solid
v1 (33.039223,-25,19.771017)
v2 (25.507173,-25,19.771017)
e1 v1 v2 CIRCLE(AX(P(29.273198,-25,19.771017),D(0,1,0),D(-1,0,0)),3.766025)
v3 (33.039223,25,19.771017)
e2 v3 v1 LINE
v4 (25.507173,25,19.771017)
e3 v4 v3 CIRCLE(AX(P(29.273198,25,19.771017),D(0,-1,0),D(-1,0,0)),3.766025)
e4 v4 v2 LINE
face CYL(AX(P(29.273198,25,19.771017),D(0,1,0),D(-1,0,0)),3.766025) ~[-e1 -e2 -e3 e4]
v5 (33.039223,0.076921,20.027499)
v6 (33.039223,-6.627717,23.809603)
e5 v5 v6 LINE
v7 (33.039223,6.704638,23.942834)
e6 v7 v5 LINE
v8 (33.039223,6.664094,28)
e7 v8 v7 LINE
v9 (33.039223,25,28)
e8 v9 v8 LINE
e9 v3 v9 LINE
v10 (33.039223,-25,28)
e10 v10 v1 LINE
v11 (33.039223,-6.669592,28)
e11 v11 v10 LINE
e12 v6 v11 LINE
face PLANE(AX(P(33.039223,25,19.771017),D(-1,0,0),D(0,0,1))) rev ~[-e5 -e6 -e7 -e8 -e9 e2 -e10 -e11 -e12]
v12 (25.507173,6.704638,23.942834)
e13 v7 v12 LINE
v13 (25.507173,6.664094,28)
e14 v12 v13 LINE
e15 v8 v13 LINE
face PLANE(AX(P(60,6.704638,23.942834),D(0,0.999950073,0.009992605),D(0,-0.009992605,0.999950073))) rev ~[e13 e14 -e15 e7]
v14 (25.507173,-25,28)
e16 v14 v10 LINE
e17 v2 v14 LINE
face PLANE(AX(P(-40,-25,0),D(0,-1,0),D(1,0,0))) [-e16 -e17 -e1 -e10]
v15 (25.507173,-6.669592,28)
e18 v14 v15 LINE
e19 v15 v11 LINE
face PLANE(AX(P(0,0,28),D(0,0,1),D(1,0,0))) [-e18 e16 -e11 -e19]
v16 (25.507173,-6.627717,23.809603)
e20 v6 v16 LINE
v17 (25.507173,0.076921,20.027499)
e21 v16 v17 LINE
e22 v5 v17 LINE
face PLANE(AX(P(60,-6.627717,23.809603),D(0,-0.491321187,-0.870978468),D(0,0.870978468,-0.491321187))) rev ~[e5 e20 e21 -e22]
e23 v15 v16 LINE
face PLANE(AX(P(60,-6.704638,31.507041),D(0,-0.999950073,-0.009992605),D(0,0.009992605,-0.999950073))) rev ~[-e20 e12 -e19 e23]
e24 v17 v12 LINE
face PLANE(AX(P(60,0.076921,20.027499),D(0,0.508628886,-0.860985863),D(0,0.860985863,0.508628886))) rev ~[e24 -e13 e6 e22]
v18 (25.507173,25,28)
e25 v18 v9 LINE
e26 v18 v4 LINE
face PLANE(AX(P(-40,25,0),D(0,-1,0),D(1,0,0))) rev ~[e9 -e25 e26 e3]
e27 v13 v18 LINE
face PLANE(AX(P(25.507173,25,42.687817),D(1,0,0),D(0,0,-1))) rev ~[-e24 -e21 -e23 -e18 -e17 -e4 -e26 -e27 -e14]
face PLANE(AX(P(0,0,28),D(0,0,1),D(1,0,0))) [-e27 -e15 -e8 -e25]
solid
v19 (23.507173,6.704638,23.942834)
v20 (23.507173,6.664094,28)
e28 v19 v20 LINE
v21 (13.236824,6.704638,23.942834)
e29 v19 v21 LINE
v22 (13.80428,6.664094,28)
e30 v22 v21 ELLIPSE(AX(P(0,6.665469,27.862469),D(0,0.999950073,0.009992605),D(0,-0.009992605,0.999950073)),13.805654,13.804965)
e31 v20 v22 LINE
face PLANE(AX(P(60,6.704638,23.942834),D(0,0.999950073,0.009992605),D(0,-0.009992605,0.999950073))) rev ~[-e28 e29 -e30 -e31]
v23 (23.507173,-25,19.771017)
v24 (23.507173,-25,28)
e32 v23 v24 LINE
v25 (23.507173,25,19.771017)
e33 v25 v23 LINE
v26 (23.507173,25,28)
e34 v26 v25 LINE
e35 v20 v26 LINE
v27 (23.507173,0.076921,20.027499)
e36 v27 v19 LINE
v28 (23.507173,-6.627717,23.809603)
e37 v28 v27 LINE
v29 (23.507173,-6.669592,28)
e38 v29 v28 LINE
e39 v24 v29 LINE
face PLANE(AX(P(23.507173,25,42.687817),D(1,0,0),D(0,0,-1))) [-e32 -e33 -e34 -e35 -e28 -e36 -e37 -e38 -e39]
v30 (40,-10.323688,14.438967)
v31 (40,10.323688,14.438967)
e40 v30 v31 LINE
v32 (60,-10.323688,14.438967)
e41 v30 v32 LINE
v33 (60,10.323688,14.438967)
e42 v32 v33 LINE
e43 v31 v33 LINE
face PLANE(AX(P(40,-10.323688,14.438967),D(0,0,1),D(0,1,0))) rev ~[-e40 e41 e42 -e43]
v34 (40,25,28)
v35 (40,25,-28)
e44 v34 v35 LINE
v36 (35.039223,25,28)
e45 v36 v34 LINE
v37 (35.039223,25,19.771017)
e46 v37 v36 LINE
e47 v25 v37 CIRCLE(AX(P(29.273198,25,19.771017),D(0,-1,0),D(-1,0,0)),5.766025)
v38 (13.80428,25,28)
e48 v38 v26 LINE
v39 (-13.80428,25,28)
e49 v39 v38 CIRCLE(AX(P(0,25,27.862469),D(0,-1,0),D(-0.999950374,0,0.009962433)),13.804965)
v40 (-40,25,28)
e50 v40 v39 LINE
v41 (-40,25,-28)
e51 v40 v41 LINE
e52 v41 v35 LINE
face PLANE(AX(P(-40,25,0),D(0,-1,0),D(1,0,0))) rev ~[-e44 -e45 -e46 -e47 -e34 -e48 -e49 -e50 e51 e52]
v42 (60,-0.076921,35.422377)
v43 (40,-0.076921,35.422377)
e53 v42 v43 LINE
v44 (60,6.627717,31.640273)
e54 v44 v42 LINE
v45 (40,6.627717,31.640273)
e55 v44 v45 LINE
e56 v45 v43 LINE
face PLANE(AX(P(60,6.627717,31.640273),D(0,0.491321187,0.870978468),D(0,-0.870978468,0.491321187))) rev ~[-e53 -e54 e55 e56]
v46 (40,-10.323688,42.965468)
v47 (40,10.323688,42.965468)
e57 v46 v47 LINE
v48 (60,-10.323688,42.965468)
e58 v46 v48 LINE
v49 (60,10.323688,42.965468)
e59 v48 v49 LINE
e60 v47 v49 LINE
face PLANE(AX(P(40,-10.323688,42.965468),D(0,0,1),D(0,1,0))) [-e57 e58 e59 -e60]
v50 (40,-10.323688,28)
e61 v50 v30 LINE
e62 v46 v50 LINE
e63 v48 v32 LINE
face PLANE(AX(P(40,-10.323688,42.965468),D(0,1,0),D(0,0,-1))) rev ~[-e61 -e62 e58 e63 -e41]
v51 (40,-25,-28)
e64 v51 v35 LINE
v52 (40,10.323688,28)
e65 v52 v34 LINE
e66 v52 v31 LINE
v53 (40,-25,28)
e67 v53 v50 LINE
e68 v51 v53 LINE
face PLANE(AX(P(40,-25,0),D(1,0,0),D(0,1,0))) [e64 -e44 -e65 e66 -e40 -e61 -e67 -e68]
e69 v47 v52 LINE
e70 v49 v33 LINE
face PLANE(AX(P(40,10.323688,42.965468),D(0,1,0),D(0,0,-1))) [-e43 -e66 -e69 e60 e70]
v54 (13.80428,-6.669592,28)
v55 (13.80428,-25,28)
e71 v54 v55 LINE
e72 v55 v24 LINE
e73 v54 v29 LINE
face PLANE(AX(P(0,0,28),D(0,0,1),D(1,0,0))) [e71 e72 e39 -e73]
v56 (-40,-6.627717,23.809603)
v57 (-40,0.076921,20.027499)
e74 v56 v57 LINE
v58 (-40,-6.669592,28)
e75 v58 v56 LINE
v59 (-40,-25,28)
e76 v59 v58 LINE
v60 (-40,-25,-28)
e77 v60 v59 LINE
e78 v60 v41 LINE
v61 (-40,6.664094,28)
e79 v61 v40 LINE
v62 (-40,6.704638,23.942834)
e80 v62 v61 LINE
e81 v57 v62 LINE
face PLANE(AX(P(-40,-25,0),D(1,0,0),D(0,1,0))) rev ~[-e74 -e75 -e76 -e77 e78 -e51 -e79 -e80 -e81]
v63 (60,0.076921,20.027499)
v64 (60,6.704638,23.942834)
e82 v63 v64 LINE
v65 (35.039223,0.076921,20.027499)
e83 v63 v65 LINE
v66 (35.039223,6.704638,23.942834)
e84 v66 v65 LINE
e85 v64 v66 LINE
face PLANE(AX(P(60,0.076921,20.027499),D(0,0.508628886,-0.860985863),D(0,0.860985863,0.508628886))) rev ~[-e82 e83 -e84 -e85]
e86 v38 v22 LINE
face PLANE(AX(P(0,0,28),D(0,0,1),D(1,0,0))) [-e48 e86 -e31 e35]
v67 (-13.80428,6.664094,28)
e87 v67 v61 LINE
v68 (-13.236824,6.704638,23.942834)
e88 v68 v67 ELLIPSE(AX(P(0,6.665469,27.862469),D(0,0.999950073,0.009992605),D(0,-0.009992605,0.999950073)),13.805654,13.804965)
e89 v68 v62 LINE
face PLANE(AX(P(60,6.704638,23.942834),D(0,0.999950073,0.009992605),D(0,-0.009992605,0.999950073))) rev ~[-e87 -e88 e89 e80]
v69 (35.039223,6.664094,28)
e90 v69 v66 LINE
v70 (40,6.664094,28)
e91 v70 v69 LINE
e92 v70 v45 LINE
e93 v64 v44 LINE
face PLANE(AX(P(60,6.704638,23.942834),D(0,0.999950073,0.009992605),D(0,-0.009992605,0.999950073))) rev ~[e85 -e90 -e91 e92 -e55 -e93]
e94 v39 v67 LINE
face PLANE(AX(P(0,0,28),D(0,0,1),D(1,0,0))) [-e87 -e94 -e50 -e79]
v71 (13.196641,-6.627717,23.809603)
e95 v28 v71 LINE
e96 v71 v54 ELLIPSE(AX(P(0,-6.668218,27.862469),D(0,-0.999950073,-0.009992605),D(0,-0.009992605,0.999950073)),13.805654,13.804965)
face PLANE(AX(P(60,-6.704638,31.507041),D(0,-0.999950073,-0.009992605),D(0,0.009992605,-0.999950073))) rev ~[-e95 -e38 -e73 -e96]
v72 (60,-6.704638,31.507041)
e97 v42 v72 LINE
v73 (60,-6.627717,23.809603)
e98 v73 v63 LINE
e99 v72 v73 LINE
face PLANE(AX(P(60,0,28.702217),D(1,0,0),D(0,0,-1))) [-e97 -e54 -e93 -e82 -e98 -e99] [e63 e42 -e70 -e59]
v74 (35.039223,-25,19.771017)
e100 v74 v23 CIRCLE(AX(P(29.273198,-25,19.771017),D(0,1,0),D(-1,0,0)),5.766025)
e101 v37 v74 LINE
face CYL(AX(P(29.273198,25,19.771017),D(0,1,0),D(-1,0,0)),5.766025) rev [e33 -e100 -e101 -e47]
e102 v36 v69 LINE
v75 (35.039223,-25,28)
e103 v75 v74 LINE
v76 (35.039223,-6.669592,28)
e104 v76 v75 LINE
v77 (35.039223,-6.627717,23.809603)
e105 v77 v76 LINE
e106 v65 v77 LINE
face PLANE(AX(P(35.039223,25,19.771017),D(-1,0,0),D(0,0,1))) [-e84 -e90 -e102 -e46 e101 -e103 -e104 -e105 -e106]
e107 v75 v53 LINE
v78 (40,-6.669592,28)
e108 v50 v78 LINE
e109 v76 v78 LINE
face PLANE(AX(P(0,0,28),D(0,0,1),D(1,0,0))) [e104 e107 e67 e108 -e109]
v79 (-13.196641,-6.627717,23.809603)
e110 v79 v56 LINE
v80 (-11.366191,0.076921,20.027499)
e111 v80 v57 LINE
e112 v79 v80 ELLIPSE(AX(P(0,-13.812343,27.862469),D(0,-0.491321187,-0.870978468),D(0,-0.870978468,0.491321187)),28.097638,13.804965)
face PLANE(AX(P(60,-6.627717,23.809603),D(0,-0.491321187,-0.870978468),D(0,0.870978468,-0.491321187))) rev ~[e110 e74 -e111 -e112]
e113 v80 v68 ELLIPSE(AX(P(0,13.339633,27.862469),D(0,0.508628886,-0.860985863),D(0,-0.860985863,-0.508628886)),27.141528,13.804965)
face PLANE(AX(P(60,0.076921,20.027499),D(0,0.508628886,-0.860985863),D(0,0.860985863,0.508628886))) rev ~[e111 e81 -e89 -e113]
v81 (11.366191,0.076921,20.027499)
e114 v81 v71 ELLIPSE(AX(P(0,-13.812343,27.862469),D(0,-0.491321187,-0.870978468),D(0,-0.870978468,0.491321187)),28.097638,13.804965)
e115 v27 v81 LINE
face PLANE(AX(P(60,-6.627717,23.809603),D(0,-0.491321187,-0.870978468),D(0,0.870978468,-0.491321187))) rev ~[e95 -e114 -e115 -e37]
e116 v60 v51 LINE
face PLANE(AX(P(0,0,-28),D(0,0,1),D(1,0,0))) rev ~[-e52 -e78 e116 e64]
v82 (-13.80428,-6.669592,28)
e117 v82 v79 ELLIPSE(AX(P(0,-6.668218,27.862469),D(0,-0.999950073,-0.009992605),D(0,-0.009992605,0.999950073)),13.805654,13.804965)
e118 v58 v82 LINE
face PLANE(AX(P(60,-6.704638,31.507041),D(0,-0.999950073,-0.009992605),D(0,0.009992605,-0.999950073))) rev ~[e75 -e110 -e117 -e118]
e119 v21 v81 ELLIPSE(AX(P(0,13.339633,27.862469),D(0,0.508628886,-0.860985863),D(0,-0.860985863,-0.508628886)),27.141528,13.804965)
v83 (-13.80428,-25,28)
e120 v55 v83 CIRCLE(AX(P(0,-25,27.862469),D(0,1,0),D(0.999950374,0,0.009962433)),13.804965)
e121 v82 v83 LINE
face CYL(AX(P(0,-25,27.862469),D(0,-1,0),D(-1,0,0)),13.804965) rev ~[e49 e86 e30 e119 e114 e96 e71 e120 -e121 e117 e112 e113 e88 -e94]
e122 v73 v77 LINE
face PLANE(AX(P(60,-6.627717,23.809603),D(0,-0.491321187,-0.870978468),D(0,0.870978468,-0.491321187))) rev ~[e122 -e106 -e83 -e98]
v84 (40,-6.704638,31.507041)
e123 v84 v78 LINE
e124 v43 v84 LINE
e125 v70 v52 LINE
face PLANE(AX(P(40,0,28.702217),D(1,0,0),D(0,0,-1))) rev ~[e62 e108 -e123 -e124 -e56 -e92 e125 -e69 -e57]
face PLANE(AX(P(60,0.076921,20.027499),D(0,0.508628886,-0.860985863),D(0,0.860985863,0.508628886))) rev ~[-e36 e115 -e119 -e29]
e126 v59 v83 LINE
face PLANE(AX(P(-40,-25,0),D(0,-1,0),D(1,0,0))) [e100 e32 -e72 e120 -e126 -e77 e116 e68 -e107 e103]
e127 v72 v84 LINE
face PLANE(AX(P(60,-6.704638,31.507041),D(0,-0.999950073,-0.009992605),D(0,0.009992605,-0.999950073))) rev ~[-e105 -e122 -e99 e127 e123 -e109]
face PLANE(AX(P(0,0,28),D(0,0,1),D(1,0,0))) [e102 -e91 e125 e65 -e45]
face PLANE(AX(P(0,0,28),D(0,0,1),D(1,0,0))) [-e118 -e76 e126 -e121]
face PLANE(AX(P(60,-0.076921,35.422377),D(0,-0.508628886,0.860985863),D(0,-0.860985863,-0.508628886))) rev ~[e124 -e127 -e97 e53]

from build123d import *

# Parameters (mm, degrees)
SKETCH1_W               = 80
SKETCH1_H               = 50
BOSS_EXTRUDE1_DEPTH     = 28
SKETCH4_W               = 28.526501157
SKETCH4_H               = 20.647376572
BOSS_EXTRUDE2_DEPTH     = 20
SKETCH5_R               = 13.804964926
CUT_EXTRUDE1_DEPTH      = 101
CUT_EXTRUDE_THIN1_DEPTH = 101
CUT_EXTRUDE2_DEPTH      = 186


with BuildPart() as part:
    # Sketch1 → Boss-Extrude1 (new, symmetric)
    with BuildSketch(Plane.XY):
        Rectangle(SKETCH1_W, SKETCH1_H)
    extrude(amount=BOSS_EXTRUDE1_DEPTH, both=True)

    # Sketch4 → Boss-Extrude2 (add)
    with BuildSketch(Plane(origin=(40, 0, 0), x_dir=(0, 0, -1), z_dir=(1, 0, 0))):
        with Locations((-28.702217438, 0)):
            Rectangle(SKETCH4_W, SKETCH4_H)
    extrude(amount=BOSS_EXTRUDE2_DEPTH)

    # Sketch5 → Cut-Extrude1 (cut)
    with BuildSketch(Plane(origin=(0, -25, 0), x_dir=(-1, 0, 0), z_dir=(0, -1, 0))):
        with Locations((0, -27.862468962)):
            Circle(SKETCH5_R)
    extrude(amount=-CUT_EXTRUDE1_DEPTH, mode=Mode.SUBTRACT)

    # Sketch6 → Cut-Extrude-Thin1 (cut)
    with BuildSketch(Plane(origin=(0, 25, 0), x_dir=(1, 0, 0), z_dir=(0, 1, 0))):
        with BuildLine():
            Line((23.50717257, -42.687817219), (23.50717257, -19.771016571))
            ThreePointArc((23.50717257, -19.771016571), (29.273197617, -14.004991523), (35.039222665, -19.771016571))
            Line((35.039222665, -19.771016571), (35.039222665, -42.687817219))
            ThreePointArc((35.039222665, -42.687817219), (29.273197617, -48.453842267), (23.50717257, -42.687817219))
        make_face()
        with BuildLine():
            Line((25.50717257, -42.687817219), (25.50717257, -19.771016571))
            ThreePointArc((25.50717257, -19.771016571), (29.273197617, -16.004991523), (33.039222665, -19.771016571))
            Line((33.039222665, -19.771016571), (33.039222665, -42.687817219))
            ThreePointArc((33.039222665, -42.687817219), (29.273197617, -46.453842267), (25.50717257, -42.687817219))
        make_face(mode=Mode.SUBTRACT)
    extrude(amount=-CUT_EXTRUDE_THIN1_DEPTH, mode=Mode.SUBTRACT)


with BuildPart() as cut_extrude_thin1_piece_1:
    # of the separate pieces the step leaves, piece 1, a body of its own (cut_extrude_thin1_pieces)
    add(part.part.solids().sort_by_distance((-40, 25, -28))[0])


with BuildPart() as cut_extrude_thin1_piece_2:
    # of the separate pieces the step leaves, piece 2, a body of its own (cut_extrude_thin1_pieces)
    add(part.part.solids().sort_by_distance((33.039222665, 25, 19.771016571))[0])


with BuildPart() as cut_extrude2_tool:
    # Sketch8 → Cut-Extrude2 (new body)
    with BuildSketch(Plane(origin=(60, 0, 0), x_dir=(0, 0, -1), z_dir=(1, 0, 0))):
        Polygon((-23.942834364, 6.704638127), (-31.640273085, 6.627716825), (-35.422376643, -0.076921302), (-31.507041482, -6.704638127), (-23.809602761, -6.627716825), (-20.027499203, 0.076921302), align=None)
    extrude(amount=-CUT_EXTRUDE2_DEPTH)


with BuildPart() as cut_extrude_thin1_piece_1_1:
    add(cut_extrude_thin1_piece_1.part)

    # Cut-Extrude2: cut by cut_extrude2_tool
    add(cut_extrude2_tool.part, mode=Mode.SUBTRACT)


with BuildPart() as cut_extrude_thin1_piece_2_1:
    add(cut_extrude_thin1_piece_2.part)

    # Cut-Extrude2: cut by cut_extrude2_tool
    add(cut_extrude2_tool.part, mode=Mode.SUBTRACT)


solid = Compound([cut_extrude_thin1_piece_1_1.part, cut_extrude_thin1_piece_2_1.part])
